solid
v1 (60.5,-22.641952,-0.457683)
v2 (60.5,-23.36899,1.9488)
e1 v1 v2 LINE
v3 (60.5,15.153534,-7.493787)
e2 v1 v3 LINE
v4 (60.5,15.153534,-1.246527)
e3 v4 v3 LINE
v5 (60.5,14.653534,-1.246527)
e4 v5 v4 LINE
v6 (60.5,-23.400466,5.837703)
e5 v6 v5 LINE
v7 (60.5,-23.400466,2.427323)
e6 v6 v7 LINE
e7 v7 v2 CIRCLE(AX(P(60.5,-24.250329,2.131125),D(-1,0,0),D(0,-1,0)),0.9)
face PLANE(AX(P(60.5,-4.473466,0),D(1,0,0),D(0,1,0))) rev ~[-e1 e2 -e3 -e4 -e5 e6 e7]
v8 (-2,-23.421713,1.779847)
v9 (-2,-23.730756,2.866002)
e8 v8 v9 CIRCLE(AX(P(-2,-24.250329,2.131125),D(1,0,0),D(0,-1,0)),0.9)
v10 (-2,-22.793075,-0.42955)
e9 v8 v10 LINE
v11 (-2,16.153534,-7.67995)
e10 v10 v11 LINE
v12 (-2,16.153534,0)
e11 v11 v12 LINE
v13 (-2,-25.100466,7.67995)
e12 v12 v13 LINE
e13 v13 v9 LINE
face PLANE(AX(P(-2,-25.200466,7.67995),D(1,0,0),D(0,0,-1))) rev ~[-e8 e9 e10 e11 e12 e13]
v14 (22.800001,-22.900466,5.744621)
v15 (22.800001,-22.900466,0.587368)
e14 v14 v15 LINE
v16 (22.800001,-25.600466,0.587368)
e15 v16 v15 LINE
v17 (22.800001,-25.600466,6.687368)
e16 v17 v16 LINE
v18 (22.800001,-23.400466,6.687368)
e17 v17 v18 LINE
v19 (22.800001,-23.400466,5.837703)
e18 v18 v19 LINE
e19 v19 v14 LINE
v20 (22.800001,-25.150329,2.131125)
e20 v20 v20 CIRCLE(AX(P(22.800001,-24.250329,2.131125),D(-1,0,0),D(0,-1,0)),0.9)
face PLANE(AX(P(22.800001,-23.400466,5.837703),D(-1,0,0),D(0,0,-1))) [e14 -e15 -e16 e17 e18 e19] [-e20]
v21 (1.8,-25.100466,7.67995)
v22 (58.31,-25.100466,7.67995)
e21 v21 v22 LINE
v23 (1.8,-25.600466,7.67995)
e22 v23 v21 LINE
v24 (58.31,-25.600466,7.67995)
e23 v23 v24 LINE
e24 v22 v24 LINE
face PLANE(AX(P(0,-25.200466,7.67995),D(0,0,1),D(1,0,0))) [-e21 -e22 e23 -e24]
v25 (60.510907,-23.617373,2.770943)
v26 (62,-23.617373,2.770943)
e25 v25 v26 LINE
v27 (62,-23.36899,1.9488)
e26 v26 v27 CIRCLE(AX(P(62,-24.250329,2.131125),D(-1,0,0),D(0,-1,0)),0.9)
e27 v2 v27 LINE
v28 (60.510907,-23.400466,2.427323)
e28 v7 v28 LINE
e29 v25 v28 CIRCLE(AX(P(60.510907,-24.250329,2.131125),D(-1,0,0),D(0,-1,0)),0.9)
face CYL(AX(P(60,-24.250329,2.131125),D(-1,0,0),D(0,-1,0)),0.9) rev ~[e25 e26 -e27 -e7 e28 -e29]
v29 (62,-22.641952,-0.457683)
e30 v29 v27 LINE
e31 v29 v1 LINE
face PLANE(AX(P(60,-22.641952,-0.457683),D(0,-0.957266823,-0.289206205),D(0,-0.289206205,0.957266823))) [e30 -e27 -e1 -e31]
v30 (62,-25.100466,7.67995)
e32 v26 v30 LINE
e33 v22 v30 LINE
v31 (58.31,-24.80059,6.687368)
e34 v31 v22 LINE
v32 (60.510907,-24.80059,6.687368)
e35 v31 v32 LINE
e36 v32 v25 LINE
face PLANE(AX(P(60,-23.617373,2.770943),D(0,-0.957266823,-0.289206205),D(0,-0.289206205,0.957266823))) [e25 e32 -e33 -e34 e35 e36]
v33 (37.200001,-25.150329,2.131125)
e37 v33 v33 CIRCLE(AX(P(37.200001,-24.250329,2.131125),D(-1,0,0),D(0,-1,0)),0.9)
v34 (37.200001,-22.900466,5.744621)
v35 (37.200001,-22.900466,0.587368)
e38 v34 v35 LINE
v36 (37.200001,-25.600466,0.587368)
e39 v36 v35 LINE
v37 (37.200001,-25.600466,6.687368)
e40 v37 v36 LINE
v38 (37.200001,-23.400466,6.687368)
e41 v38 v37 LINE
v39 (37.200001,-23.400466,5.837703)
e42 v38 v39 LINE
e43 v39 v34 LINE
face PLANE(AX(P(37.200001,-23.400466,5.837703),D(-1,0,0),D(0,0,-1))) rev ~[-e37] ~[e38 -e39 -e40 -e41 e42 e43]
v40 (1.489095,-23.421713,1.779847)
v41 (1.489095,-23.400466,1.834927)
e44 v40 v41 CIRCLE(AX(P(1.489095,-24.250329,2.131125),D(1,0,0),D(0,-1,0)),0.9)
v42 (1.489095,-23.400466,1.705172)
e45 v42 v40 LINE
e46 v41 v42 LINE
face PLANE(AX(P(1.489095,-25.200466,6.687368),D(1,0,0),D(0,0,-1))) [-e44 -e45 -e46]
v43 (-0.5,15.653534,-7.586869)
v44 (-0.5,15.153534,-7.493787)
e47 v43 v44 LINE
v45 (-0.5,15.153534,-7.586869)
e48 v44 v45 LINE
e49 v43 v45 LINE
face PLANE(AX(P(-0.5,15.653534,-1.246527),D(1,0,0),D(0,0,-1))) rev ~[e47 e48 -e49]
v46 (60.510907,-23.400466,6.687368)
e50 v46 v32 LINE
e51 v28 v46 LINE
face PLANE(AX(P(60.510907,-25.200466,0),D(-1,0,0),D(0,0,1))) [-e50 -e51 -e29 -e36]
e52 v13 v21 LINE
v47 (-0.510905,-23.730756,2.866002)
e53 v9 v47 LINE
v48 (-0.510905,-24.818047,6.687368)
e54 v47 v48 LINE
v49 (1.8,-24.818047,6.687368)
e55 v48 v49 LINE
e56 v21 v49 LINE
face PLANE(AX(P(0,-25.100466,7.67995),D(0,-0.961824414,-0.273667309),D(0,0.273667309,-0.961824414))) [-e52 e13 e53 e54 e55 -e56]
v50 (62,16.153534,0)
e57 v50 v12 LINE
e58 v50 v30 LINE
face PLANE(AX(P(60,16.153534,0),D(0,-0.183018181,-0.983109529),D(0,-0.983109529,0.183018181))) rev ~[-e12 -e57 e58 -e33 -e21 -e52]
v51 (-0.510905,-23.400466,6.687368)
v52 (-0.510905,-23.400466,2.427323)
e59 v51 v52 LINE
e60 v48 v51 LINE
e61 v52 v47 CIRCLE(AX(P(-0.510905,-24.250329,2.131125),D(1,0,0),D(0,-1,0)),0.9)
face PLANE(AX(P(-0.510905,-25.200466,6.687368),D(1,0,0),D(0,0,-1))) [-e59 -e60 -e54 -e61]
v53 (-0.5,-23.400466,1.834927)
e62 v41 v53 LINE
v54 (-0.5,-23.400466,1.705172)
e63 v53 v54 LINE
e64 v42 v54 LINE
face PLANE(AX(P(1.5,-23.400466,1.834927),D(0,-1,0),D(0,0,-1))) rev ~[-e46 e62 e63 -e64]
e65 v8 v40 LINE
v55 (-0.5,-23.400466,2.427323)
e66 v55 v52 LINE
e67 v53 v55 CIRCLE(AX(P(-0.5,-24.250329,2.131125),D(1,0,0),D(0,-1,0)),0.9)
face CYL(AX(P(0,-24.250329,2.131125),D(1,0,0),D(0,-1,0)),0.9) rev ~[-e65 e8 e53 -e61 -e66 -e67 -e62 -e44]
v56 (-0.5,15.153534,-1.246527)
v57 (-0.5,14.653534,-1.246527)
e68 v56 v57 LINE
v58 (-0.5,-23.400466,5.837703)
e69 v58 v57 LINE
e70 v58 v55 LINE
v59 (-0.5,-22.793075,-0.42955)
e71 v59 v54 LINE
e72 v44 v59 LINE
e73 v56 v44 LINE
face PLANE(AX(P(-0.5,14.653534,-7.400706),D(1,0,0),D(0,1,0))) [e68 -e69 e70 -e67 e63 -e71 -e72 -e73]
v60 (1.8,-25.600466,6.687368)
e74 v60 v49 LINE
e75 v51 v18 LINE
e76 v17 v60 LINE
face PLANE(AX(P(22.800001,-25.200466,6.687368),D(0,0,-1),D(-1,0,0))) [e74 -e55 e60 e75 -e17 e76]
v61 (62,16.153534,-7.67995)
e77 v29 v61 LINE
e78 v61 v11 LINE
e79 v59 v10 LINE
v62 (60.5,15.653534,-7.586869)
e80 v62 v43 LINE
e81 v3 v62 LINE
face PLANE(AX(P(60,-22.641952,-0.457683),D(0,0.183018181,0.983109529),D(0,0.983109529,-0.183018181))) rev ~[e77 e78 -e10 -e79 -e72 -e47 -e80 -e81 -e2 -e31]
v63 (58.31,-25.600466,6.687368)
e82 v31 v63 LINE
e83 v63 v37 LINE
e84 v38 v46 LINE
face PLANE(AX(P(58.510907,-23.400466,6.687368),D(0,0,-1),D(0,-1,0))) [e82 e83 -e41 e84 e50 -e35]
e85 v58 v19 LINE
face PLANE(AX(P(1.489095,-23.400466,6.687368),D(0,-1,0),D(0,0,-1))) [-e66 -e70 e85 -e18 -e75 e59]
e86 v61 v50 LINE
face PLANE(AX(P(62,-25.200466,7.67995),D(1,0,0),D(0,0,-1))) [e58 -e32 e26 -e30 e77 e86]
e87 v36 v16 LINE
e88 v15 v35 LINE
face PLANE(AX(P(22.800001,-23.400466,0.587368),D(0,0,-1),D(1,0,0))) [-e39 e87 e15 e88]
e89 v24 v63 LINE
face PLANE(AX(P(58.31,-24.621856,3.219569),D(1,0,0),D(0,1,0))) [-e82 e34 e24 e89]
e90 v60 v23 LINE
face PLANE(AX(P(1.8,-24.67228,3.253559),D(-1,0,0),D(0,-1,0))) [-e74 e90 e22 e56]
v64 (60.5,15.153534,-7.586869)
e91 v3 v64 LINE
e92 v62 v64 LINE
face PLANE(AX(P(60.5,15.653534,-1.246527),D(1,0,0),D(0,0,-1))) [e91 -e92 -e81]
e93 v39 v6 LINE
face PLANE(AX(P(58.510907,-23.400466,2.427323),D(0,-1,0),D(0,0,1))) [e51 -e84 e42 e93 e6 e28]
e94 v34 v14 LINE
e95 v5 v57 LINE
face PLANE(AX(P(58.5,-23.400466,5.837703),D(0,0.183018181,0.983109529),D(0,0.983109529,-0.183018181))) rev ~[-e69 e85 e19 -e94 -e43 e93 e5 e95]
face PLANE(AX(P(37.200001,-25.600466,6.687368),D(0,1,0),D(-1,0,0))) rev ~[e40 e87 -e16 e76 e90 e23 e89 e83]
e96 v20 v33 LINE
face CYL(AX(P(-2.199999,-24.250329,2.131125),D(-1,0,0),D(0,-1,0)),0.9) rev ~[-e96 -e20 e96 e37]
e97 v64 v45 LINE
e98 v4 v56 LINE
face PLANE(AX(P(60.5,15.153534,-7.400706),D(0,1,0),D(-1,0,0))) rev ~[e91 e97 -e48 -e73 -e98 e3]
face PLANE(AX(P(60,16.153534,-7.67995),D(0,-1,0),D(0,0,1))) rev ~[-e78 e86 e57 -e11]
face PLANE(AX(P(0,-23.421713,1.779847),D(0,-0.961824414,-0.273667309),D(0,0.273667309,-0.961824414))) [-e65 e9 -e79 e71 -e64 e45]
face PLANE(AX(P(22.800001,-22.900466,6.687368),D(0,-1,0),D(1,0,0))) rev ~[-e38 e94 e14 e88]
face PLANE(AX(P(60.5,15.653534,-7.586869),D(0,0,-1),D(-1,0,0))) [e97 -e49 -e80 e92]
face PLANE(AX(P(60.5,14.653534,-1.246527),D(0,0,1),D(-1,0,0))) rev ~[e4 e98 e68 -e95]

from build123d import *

# Parameters (mm, degrees)
F1_DEPTH  = 60
F2_T      = -1.5
F4_DEPTH  = 1.7
F6_DEPTH  = 1.5
F8_DEPTH  = 7.7
F9_DEPTH  = 0.1
F10_DEPTH = 0.4
F11_DEPTH = 0.5
F13_R     = 0.9
F14_DEPTH = 25
F15_DEPTH = 63.1
F17_DEPTH = 1.8
F19_DEPTH = 1.69
F20_DEPTH = 1.6
F21_DEPTH = 2
F22_DEPTH = 2
F23_DEPTH = 2
F24_DEPTH = 2
F25_DEPTH = 0.5
F26_DEPTH = 0.5
F27_DEPTH = 25
F28_DEPTH = 0.5


with BuildPart() as f1:
    # F0 (on Right) → F1 (new body)
    with BuildSketch(Plane.YZ):
        Polygon((16.1535342058, -7.67995), (16.1535342058, 0), (-25.1004657942, 7.67995), (-25.1004657942, 0), align=None)
    extrude(amount=F1_DEPTH)

    # F2
    f2_openings = [f1.faces().sort_by_distance(p)[0] for p in [
        (30, -4.473466, -3.839975),
    ]]
    offset(amount=F2_T, openings=f2_openings)

    # F3 (on face) → F4 (cut)
    with BuildSketch(Plane.XZ.offset(25.1004657942)):
        Polygon((30, 0), (37.3, 0), (58.5109069943, 0), (58.5109069943, 6.6873678006), (1.489095157, 6.6873678006), (1.489095157, 0), (22.7, 0), align=None)
    extrude(amount=-F4_DEPTH, mode=Mode.SUBTRACT)

    # F5 (on face) → F6 (cut)
    with BuildSketch(Plane(origin=(0, -0.8407565289, -4.5162494345), x_dir=(1, 0, 0), z_dir=(0, -0.1830181807, -0.9831095288))):
        Polygon((1.5, 23.1507361077), (58.5, 23.1507361077), (58.5109069943, 24.6765070987), (1.489095157, 24.6765070987), align=None)
    extrude(amount=-F6_DEPTH, mode=Mode.SUBTRACT)

    # F7 (on face) → F8 (join)
    with BuildSketch(Plane(origin=(0, 0, 6.6873678006), x_dir=(1, 0, 0), z_dir=(0, 0, -1))):
        Polygon((22.8000010757, 23.4004657942), (30.0000010757, 23.4004657942), (37.2000010757, 23.4004657942), (37.2000010757, 25.1004657942), (22.8000010757, 25.1004657942), align=None)
    extrude(amount=F8_DEPTH)

    # F9 (add): a face of the model
    f9_faces = [f1.faces().sort_by_distance(p)[0] for p in [
        (29.9999984717, -25.1004657942, 4.2501617501),
    ]]
    extrude(f9_faces, amount=F9_DEPTH)

    # F10 (add): a face of the model
    f10_faces = [f1.faces().sort_by_distance(p)[0] for p in [
        (29.9999984717, -25.2004657942, 4.2501617501),
    ]]
    extrude(f10_faces, amount=F10_DEPTH)

    # F11 (add): a face of the model
    f11_faces = [f1.faces().sort_by_distance(p)[0] for p in [
        (30.0000010757, -23.4004657942, 2.4125352339),
    ]]
    extrude(f11_faces, amount=F11_DEPTH)

    # F13 (on face) → F14 (join)
    with BuildSketch(Plane(origin=(22.8000010757, 0, 0), x_dir=(0, -1, 0), z_dir=(-1, 0, 0))):
        with Locations((24.2503285408, 2.1311247256)):
            Circle(F13_R)
    extrude(amount=F14_DEPTH)

    # F15 (cut): a face of the model
    f15_faces = [f1.faces().sort_by_distance(p)[0] for p in [
        (-2.1999989243, -24.2503285408, 2.1311247256),
    ]]
    extrude(f15_faces, amount=-F15_DEPTH, mode=Mode.SUBTRACT)

    # F16 (on face) → F17 (cut)
    with BuildSketch(Plane(origin=(0, 0, 0), x_dir=(0, -1, 0), z_dir=(-1, 0, 0))):
        Polygon((25.1004657942, 7.67995), (22.7930747999, -0.4295498004), (25.6004657942, 0), (25.6004657942, 7.67995), align=None)
    extrude(amount=-F17_DEPTH, mode=Mode.SUBTRACT)

    # F18 (on face) → F19 (cut)
    with BuildSketch(Plane.YZ.offset(60)):
        Polygon((-22.6419516364, -0.4576832745), (-25.1004657942, 7.67995), (-25.6004657942, 7.67995), (-25.6004657942, 0), align=None)
    extrude(amount=-F19_DEPTH, mode=Mode.SUBTRACT)

    # F20 (cut): a face of the model
    f20_faces = [f1.faces().sort_by_distance(p)[0] for p in [
        (30.0000010757, -24.2504657942, -1.0126321994),
    ]]
    extrude(f20_faces, amount=-F20_DEPTH, mode=Mode.SUBTRACT)

    # F21 (add): a face of the model
    f21_faces = [f1.faces().sort_by_distance(p)[0] for p in [
        (0, -3.8923715411, -0.0707367211),
    ]]
    extrude(f21_faces, amount=F21_DEPTH)

    # F22 (cut): faces of the model
    f22_faces = [f1.faces().sort_by_distance(p)[0] for p in [
        (1.5, -4.3223600686, -0.7846449221),
        (1.489095157, -23.887211668, 5.1322390537),
    ]]
    extrude(f22_faces, amount=-F22_DEPTH, mode=Mode.SUBTRACT)

    # F23 (add): a face of the model
    f23_faces = [f1.faces().sort_by_distance(p)[0] for p in [
        (60, -3.8610992798, -0.074441199),
    ]]
    extrude(f23_faces, amount=F23_DEPTH)

    # F24 (cut): faces of the model
    f24_faces = [f1.faces().sort_by_distance(p)[0] for p in [
        (58.5109069943, -23.8729043508, 5.1821889961),
        (58.5, -4.2998130012, -0.7863611565),
    ]]
    extrude(f24_faces, amount=-F24_DEPTH, mode=Mode.SUBTRACT)

    # F25 (cut): a face of the model
    f25_faces = [f1.faces().sort_by_distance(p)[0] for p in [
        (30, 14.6535342058, -4.3236166646),
    ]]
    extrude(f25_faces, amount=-F25_DEPTH, mode=Mode.SUBTRACT)

    # F26 (cut): a face of the model
    f26_faces = [f1.faces().sort_by_distance(p)[0] for p in [
        (30, 15.1535342058, -4.3236166646),
    ]]
    extrude(f26_faces, amount=-F26_DEPTH, mode=Mode.SUBTRACT)

    # F27 (cut): a face of the model
    f27_faces = [f1.faces().sort_by_distance(p)[0] for p in [
        (30, 15.1535342058, -7.4007061691),
    ]]
    extrude(f27_faces, amount=-F27_DEPTH, mode=Mode.SUBTRACT)

    # F28 (add): a face of the model
    f28_faces = [f1.faces().sort_by_distance(p)[0] for p in [
        (30, 15.6535342058, -4.4166979416),
    ]]
    extrude(f28_faces, amount=F28_DEPTH)


solid = f1.part
